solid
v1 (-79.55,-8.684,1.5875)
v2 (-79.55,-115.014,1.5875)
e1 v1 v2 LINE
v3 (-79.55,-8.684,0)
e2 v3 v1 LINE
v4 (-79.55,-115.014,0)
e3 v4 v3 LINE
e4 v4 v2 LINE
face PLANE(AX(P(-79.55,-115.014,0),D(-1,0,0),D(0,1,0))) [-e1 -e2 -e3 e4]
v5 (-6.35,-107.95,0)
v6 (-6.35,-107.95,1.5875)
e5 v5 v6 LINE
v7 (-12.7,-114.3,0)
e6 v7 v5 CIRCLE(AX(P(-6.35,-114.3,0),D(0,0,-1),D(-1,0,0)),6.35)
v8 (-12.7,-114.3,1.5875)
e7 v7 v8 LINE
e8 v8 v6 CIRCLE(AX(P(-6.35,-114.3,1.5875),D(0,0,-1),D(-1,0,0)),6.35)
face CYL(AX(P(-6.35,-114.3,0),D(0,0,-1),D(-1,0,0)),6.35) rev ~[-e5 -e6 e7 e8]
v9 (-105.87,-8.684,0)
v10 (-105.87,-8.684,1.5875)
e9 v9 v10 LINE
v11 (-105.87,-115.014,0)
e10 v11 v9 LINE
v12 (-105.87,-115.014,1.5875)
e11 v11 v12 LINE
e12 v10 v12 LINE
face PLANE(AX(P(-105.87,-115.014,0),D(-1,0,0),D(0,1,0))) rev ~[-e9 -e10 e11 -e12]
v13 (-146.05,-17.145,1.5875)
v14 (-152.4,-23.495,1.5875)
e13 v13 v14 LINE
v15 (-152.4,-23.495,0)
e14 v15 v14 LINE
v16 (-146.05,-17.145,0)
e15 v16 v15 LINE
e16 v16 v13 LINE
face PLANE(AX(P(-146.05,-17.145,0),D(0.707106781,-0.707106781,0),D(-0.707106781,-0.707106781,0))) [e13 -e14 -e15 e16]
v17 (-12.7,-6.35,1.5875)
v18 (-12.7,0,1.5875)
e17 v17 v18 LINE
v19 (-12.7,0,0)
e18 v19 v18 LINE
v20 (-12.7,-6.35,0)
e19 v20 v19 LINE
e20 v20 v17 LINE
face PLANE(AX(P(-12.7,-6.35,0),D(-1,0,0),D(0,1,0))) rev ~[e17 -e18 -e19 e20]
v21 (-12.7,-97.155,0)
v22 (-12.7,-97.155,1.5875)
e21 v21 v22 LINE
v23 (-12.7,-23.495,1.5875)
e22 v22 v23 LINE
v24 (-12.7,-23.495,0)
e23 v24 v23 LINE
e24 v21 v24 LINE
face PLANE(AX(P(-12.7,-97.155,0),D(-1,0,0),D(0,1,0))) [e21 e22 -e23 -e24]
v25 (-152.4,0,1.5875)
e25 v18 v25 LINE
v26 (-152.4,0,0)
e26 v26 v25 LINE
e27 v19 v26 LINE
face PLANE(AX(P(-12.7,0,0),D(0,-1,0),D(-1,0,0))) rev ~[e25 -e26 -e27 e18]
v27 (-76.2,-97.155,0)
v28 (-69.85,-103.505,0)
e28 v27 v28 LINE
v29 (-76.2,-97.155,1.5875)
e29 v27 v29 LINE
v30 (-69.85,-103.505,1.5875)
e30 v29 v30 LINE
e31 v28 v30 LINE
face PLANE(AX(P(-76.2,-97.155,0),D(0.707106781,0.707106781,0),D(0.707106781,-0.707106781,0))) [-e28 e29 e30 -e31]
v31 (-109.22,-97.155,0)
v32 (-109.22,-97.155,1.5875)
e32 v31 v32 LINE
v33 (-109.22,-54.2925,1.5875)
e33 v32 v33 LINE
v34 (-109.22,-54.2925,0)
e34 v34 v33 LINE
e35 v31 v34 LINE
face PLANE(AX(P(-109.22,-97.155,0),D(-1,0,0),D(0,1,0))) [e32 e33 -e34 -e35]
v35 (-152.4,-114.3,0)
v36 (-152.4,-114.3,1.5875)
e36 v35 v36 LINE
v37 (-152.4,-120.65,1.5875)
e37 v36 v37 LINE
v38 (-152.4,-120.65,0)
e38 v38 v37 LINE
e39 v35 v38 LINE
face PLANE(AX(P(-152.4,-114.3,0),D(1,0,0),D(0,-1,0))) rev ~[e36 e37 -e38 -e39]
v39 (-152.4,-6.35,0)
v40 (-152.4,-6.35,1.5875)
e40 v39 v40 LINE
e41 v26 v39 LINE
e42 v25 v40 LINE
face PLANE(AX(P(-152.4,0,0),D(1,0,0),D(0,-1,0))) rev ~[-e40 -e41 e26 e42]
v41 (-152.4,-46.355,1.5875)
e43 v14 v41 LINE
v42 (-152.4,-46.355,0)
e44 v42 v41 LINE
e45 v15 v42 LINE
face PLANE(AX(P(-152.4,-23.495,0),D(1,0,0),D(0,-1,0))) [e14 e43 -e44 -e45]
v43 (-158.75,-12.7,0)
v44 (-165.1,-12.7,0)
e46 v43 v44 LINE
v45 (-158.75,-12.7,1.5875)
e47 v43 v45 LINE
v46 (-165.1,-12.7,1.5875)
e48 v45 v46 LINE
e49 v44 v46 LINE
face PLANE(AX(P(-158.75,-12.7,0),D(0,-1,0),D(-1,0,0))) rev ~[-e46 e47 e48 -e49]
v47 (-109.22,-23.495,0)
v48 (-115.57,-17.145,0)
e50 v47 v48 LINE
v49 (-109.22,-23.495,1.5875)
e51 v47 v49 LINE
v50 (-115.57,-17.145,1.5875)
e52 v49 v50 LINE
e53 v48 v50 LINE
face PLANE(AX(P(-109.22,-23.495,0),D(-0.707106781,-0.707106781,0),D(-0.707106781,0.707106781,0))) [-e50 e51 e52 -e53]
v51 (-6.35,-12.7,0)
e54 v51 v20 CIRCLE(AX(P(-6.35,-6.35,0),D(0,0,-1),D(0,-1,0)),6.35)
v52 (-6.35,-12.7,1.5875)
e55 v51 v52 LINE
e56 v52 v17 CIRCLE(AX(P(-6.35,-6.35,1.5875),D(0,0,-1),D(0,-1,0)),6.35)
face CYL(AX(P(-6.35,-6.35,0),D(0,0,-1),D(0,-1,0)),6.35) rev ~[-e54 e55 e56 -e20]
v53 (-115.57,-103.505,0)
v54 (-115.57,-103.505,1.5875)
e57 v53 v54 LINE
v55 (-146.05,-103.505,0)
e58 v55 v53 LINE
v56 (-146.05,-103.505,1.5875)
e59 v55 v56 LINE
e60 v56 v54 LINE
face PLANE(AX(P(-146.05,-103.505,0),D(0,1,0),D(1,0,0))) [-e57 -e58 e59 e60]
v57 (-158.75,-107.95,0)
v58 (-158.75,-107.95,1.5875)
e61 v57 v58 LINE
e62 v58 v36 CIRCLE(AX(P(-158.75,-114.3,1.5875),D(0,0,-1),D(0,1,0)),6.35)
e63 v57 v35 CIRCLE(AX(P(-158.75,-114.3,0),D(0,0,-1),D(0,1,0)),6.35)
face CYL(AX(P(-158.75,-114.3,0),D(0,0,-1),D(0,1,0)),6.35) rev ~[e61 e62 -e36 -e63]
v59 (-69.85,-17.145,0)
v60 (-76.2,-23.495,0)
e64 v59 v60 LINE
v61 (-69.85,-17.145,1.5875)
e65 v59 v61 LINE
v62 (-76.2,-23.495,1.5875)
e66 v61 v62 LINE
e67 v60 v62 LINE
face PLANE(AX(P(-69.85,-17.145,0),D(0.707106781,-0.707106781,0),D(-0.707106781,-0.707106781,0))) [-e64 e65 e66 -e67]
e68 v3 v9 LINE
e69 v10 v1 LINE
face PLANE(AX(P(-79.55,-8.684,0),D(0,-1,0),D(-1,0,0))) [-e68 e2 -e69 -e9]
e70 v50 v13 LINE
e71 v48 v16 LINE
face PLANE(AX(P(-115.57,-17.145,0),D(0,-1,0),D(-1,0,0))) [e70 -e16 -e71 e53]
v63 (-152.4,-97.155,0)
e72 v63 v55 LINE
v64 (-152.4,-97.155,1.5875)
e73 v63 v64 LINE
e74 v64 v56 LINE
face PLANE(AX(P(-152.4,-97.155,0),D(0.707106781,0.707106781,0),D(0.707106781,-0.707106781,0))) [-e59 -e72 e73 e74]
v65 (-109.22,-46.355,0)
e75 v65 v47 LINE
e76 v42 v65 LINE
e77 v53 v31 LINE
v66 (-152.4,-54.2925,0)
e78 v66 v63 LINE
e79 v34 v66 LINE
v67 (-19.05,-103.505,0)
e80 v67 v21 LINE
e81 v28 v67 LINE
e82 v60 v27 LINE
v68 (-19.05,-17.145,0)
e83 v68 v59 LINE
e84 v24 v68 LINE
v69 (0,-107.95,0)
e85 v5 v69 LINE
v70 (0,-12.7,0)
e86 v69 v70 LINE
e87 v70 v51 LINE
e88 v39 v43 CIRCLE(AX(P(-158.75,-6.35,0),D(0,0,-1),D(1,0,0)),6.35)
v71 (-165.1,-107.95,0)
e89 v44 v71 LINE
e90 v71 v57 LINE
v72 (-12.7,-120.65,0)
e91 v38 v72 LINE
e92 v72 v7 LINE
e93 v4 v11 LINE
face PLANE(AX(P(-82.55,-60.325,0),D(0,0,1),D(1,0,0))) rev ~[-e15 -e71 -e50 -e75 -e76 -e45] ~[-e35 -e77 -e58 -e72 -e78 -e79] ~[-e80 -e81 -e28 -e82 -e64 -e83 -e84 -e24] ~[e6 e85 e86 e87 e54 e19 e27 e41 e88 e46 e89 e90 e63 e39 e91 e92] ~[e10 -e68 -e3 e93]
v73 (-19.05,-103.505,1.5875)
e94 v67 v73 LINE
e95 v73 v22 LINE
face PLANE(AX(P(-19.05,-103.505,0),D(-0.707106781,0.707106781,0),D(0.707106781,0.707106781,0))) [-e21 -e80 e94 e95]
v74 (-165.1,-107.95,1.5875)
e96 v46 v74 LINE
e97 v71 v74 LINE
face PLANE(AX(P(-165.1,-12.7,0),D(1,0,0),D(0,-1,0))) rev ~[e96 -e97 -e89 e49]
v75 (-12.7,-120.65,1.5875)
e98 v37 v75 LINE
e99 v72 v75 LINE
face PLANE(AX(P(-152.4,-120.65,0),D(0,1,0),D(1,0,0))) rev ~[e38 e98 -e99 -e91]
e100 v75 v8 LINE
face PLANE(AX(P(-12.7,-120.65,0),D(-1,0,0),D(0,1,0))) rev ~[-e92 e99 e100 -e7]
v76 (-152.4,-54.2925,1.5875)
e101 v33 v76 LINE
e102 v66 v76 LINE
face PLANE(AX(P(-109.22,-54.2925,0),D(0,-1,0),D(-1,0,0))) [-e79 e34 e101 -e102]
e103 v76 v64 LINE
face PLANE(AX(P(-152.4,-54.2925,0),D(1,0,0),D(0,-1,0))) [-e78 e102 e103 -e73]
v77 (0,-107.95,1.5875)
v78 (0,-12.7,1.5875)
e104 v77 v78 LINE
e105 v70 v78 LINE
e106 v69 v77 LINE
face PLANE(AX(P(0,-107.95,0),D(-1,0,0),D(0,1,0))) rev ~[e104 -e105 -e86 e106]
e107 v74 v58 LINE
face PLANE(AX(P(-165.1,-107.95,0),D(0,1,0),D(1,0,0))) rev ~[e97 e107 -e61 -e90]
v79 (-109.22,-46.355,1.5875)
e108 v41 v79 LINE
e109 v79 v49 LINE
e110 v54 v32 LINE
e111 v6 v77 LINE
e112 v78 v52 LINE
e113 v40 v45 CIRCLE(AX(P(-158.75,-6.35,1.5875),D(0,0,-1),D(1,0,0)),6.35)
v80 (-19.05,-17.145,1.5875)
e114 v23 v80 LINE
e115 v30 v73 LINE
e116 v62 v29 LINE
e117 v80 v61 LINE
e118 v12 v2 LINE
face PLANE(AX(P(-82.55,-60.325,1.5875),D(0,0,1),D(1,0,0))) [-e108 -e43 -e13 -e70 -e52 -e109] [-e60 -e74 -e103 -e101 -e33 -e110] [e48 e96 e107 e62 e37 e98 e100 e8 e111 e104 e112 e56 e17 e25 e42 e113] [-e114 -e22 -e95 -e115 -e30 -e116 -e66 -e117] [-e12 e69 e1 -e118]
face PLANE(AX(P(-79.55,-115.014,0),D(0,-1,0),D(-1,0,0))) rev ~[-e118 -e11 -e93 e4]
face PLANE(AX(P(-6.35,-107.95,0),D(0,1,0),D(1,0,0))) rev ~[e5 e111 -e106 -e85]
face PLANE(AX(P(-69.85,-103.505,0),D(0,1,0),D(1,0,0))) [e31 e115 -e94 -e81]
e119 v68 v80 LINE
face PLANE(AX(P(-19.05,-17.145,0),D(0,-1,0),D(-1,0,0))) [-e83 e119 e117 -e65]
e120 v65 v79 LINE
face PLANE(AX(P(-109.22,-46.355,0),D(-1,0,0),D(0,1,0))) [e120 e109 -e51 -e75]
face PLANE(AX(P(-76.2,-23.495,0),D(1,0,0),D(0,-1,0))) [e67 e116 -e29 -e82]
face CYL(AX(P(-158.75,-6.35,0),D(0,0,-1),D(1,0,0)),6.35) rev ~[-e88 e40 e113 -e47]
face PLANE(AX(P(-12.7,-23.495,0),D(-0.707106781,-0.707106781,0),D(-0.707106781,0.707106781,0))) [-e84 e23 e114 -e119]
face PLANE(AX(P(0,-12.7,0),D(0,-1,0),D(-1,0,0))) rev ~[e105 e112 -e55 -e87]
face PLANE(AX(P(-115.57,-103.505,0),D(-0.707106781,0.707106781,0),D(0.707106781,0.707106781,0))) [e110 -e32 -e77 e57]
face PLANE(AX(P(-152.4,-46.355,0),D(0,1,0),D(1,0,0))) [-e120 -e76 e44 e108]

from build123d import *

# Parameters (mm, degrees)
SKETCH1_W           = 20.32
SKETCH1_H           = 100.33
BOSS_EXTRUDE1_DEPTH = 1.5875
SKETCH2_W           = 26.32
SKETCH2_H           = 106.33
CUT_EXTRUDE1_DEPTH  = 2.5875


with BuildPart() as part:
    # Sketch1 → Boss-Extrude1 (new body)
    with BuildSketch(Plane.XY):
        with BuildLine():
            Line((0, -12.7), (-6.35, -12.7))
            ThreePointArc((-6.35, -12.7), (-10.840128061, -10.840128061), (-12.7, -6.35))
            Line((-12.7, -6.35), (-12.7, 0))
            Line((-12.7, 0), (-152.4, 0))
            Line((-152.4, 0), (-152.4, -6.35))
            ThreePointArc((-152.4, -6.35), (-154.259871939, -10.840128061), (-158.75, -12.7))
            Line((-158.75, -12.7), (-165.1, -12.7))
            Line((-165.1, -12.7), (-165.1, -107.95))
            Line((-165.1, -107.95), (-158.75, -107.95))
            ThreePointArc((-158.75, -107.95), (-154.259871939, -109.809871939), (-152.4, -114.3))
            Line((-152.4, -114.3), (-152.4, -120.65))
            Line((-152.4, -120.65), (-12.7, -120.65))
            Line((-12.7, -120.65), (-12.7, -114.3))
            ThreePointArc((-12.7, -114.3), (-10.840128061, -109.809871939), (-6.35, -107.95))
            Line((-6.35, -107.95), (0, -107.95))
            Line((0, -107.95), (0, -12.7))
        make_face()
        with Locations((-92.71, -61.849)):
            Rectangle(SKETCH1_W, SKETCH1_H, mode=Mode.SUBTRACT)
        Polygon((-19.05, -17.145), (-69.85, -17.145), (-76.2, -23.495), (-76.2, -97.155), (-69.85, -103.505), (-19.05, -103.505), (-12.7, -97.155), (-12.7, -23.495), align=None, mode=Mode.SUBTRACT)
        Polygon((-152.4, -23.495), (-152.4, -46.355), (-109.22, -46.355), (-109.22, -23.495), (-115.57, -17.145), (-146.05, -17.145), align=None, mode=Mode.SUBTRACT)
        Polygon((-109.22, -97.155), (-109.22, -54.2925), (-152.4, -54.2925), (-152.4, -97.155), (-146.05, -103.505), (-115.57, -103.505), align=None, mode=Mode.SUBTRACT)
    extrude(amount=BOSS_EXTRUDE1_DEPTH)

    # Sketch2 → Cut-Extrude1 (cut, through all)
    with BuildSketch(Plane(origin=(0, 0, 0), x_dir=(-1, 0, 0), z_dir=(0, 0, -1))):
        with Locations((92.71, -61.849)):
            Rectangle(SKETCH2_W, SKETCH2_H)
    extrude(amount=-CUT_EXTRUDE1_DEPTH, mode=Mode.SUBTRACT)


solid = part.part
